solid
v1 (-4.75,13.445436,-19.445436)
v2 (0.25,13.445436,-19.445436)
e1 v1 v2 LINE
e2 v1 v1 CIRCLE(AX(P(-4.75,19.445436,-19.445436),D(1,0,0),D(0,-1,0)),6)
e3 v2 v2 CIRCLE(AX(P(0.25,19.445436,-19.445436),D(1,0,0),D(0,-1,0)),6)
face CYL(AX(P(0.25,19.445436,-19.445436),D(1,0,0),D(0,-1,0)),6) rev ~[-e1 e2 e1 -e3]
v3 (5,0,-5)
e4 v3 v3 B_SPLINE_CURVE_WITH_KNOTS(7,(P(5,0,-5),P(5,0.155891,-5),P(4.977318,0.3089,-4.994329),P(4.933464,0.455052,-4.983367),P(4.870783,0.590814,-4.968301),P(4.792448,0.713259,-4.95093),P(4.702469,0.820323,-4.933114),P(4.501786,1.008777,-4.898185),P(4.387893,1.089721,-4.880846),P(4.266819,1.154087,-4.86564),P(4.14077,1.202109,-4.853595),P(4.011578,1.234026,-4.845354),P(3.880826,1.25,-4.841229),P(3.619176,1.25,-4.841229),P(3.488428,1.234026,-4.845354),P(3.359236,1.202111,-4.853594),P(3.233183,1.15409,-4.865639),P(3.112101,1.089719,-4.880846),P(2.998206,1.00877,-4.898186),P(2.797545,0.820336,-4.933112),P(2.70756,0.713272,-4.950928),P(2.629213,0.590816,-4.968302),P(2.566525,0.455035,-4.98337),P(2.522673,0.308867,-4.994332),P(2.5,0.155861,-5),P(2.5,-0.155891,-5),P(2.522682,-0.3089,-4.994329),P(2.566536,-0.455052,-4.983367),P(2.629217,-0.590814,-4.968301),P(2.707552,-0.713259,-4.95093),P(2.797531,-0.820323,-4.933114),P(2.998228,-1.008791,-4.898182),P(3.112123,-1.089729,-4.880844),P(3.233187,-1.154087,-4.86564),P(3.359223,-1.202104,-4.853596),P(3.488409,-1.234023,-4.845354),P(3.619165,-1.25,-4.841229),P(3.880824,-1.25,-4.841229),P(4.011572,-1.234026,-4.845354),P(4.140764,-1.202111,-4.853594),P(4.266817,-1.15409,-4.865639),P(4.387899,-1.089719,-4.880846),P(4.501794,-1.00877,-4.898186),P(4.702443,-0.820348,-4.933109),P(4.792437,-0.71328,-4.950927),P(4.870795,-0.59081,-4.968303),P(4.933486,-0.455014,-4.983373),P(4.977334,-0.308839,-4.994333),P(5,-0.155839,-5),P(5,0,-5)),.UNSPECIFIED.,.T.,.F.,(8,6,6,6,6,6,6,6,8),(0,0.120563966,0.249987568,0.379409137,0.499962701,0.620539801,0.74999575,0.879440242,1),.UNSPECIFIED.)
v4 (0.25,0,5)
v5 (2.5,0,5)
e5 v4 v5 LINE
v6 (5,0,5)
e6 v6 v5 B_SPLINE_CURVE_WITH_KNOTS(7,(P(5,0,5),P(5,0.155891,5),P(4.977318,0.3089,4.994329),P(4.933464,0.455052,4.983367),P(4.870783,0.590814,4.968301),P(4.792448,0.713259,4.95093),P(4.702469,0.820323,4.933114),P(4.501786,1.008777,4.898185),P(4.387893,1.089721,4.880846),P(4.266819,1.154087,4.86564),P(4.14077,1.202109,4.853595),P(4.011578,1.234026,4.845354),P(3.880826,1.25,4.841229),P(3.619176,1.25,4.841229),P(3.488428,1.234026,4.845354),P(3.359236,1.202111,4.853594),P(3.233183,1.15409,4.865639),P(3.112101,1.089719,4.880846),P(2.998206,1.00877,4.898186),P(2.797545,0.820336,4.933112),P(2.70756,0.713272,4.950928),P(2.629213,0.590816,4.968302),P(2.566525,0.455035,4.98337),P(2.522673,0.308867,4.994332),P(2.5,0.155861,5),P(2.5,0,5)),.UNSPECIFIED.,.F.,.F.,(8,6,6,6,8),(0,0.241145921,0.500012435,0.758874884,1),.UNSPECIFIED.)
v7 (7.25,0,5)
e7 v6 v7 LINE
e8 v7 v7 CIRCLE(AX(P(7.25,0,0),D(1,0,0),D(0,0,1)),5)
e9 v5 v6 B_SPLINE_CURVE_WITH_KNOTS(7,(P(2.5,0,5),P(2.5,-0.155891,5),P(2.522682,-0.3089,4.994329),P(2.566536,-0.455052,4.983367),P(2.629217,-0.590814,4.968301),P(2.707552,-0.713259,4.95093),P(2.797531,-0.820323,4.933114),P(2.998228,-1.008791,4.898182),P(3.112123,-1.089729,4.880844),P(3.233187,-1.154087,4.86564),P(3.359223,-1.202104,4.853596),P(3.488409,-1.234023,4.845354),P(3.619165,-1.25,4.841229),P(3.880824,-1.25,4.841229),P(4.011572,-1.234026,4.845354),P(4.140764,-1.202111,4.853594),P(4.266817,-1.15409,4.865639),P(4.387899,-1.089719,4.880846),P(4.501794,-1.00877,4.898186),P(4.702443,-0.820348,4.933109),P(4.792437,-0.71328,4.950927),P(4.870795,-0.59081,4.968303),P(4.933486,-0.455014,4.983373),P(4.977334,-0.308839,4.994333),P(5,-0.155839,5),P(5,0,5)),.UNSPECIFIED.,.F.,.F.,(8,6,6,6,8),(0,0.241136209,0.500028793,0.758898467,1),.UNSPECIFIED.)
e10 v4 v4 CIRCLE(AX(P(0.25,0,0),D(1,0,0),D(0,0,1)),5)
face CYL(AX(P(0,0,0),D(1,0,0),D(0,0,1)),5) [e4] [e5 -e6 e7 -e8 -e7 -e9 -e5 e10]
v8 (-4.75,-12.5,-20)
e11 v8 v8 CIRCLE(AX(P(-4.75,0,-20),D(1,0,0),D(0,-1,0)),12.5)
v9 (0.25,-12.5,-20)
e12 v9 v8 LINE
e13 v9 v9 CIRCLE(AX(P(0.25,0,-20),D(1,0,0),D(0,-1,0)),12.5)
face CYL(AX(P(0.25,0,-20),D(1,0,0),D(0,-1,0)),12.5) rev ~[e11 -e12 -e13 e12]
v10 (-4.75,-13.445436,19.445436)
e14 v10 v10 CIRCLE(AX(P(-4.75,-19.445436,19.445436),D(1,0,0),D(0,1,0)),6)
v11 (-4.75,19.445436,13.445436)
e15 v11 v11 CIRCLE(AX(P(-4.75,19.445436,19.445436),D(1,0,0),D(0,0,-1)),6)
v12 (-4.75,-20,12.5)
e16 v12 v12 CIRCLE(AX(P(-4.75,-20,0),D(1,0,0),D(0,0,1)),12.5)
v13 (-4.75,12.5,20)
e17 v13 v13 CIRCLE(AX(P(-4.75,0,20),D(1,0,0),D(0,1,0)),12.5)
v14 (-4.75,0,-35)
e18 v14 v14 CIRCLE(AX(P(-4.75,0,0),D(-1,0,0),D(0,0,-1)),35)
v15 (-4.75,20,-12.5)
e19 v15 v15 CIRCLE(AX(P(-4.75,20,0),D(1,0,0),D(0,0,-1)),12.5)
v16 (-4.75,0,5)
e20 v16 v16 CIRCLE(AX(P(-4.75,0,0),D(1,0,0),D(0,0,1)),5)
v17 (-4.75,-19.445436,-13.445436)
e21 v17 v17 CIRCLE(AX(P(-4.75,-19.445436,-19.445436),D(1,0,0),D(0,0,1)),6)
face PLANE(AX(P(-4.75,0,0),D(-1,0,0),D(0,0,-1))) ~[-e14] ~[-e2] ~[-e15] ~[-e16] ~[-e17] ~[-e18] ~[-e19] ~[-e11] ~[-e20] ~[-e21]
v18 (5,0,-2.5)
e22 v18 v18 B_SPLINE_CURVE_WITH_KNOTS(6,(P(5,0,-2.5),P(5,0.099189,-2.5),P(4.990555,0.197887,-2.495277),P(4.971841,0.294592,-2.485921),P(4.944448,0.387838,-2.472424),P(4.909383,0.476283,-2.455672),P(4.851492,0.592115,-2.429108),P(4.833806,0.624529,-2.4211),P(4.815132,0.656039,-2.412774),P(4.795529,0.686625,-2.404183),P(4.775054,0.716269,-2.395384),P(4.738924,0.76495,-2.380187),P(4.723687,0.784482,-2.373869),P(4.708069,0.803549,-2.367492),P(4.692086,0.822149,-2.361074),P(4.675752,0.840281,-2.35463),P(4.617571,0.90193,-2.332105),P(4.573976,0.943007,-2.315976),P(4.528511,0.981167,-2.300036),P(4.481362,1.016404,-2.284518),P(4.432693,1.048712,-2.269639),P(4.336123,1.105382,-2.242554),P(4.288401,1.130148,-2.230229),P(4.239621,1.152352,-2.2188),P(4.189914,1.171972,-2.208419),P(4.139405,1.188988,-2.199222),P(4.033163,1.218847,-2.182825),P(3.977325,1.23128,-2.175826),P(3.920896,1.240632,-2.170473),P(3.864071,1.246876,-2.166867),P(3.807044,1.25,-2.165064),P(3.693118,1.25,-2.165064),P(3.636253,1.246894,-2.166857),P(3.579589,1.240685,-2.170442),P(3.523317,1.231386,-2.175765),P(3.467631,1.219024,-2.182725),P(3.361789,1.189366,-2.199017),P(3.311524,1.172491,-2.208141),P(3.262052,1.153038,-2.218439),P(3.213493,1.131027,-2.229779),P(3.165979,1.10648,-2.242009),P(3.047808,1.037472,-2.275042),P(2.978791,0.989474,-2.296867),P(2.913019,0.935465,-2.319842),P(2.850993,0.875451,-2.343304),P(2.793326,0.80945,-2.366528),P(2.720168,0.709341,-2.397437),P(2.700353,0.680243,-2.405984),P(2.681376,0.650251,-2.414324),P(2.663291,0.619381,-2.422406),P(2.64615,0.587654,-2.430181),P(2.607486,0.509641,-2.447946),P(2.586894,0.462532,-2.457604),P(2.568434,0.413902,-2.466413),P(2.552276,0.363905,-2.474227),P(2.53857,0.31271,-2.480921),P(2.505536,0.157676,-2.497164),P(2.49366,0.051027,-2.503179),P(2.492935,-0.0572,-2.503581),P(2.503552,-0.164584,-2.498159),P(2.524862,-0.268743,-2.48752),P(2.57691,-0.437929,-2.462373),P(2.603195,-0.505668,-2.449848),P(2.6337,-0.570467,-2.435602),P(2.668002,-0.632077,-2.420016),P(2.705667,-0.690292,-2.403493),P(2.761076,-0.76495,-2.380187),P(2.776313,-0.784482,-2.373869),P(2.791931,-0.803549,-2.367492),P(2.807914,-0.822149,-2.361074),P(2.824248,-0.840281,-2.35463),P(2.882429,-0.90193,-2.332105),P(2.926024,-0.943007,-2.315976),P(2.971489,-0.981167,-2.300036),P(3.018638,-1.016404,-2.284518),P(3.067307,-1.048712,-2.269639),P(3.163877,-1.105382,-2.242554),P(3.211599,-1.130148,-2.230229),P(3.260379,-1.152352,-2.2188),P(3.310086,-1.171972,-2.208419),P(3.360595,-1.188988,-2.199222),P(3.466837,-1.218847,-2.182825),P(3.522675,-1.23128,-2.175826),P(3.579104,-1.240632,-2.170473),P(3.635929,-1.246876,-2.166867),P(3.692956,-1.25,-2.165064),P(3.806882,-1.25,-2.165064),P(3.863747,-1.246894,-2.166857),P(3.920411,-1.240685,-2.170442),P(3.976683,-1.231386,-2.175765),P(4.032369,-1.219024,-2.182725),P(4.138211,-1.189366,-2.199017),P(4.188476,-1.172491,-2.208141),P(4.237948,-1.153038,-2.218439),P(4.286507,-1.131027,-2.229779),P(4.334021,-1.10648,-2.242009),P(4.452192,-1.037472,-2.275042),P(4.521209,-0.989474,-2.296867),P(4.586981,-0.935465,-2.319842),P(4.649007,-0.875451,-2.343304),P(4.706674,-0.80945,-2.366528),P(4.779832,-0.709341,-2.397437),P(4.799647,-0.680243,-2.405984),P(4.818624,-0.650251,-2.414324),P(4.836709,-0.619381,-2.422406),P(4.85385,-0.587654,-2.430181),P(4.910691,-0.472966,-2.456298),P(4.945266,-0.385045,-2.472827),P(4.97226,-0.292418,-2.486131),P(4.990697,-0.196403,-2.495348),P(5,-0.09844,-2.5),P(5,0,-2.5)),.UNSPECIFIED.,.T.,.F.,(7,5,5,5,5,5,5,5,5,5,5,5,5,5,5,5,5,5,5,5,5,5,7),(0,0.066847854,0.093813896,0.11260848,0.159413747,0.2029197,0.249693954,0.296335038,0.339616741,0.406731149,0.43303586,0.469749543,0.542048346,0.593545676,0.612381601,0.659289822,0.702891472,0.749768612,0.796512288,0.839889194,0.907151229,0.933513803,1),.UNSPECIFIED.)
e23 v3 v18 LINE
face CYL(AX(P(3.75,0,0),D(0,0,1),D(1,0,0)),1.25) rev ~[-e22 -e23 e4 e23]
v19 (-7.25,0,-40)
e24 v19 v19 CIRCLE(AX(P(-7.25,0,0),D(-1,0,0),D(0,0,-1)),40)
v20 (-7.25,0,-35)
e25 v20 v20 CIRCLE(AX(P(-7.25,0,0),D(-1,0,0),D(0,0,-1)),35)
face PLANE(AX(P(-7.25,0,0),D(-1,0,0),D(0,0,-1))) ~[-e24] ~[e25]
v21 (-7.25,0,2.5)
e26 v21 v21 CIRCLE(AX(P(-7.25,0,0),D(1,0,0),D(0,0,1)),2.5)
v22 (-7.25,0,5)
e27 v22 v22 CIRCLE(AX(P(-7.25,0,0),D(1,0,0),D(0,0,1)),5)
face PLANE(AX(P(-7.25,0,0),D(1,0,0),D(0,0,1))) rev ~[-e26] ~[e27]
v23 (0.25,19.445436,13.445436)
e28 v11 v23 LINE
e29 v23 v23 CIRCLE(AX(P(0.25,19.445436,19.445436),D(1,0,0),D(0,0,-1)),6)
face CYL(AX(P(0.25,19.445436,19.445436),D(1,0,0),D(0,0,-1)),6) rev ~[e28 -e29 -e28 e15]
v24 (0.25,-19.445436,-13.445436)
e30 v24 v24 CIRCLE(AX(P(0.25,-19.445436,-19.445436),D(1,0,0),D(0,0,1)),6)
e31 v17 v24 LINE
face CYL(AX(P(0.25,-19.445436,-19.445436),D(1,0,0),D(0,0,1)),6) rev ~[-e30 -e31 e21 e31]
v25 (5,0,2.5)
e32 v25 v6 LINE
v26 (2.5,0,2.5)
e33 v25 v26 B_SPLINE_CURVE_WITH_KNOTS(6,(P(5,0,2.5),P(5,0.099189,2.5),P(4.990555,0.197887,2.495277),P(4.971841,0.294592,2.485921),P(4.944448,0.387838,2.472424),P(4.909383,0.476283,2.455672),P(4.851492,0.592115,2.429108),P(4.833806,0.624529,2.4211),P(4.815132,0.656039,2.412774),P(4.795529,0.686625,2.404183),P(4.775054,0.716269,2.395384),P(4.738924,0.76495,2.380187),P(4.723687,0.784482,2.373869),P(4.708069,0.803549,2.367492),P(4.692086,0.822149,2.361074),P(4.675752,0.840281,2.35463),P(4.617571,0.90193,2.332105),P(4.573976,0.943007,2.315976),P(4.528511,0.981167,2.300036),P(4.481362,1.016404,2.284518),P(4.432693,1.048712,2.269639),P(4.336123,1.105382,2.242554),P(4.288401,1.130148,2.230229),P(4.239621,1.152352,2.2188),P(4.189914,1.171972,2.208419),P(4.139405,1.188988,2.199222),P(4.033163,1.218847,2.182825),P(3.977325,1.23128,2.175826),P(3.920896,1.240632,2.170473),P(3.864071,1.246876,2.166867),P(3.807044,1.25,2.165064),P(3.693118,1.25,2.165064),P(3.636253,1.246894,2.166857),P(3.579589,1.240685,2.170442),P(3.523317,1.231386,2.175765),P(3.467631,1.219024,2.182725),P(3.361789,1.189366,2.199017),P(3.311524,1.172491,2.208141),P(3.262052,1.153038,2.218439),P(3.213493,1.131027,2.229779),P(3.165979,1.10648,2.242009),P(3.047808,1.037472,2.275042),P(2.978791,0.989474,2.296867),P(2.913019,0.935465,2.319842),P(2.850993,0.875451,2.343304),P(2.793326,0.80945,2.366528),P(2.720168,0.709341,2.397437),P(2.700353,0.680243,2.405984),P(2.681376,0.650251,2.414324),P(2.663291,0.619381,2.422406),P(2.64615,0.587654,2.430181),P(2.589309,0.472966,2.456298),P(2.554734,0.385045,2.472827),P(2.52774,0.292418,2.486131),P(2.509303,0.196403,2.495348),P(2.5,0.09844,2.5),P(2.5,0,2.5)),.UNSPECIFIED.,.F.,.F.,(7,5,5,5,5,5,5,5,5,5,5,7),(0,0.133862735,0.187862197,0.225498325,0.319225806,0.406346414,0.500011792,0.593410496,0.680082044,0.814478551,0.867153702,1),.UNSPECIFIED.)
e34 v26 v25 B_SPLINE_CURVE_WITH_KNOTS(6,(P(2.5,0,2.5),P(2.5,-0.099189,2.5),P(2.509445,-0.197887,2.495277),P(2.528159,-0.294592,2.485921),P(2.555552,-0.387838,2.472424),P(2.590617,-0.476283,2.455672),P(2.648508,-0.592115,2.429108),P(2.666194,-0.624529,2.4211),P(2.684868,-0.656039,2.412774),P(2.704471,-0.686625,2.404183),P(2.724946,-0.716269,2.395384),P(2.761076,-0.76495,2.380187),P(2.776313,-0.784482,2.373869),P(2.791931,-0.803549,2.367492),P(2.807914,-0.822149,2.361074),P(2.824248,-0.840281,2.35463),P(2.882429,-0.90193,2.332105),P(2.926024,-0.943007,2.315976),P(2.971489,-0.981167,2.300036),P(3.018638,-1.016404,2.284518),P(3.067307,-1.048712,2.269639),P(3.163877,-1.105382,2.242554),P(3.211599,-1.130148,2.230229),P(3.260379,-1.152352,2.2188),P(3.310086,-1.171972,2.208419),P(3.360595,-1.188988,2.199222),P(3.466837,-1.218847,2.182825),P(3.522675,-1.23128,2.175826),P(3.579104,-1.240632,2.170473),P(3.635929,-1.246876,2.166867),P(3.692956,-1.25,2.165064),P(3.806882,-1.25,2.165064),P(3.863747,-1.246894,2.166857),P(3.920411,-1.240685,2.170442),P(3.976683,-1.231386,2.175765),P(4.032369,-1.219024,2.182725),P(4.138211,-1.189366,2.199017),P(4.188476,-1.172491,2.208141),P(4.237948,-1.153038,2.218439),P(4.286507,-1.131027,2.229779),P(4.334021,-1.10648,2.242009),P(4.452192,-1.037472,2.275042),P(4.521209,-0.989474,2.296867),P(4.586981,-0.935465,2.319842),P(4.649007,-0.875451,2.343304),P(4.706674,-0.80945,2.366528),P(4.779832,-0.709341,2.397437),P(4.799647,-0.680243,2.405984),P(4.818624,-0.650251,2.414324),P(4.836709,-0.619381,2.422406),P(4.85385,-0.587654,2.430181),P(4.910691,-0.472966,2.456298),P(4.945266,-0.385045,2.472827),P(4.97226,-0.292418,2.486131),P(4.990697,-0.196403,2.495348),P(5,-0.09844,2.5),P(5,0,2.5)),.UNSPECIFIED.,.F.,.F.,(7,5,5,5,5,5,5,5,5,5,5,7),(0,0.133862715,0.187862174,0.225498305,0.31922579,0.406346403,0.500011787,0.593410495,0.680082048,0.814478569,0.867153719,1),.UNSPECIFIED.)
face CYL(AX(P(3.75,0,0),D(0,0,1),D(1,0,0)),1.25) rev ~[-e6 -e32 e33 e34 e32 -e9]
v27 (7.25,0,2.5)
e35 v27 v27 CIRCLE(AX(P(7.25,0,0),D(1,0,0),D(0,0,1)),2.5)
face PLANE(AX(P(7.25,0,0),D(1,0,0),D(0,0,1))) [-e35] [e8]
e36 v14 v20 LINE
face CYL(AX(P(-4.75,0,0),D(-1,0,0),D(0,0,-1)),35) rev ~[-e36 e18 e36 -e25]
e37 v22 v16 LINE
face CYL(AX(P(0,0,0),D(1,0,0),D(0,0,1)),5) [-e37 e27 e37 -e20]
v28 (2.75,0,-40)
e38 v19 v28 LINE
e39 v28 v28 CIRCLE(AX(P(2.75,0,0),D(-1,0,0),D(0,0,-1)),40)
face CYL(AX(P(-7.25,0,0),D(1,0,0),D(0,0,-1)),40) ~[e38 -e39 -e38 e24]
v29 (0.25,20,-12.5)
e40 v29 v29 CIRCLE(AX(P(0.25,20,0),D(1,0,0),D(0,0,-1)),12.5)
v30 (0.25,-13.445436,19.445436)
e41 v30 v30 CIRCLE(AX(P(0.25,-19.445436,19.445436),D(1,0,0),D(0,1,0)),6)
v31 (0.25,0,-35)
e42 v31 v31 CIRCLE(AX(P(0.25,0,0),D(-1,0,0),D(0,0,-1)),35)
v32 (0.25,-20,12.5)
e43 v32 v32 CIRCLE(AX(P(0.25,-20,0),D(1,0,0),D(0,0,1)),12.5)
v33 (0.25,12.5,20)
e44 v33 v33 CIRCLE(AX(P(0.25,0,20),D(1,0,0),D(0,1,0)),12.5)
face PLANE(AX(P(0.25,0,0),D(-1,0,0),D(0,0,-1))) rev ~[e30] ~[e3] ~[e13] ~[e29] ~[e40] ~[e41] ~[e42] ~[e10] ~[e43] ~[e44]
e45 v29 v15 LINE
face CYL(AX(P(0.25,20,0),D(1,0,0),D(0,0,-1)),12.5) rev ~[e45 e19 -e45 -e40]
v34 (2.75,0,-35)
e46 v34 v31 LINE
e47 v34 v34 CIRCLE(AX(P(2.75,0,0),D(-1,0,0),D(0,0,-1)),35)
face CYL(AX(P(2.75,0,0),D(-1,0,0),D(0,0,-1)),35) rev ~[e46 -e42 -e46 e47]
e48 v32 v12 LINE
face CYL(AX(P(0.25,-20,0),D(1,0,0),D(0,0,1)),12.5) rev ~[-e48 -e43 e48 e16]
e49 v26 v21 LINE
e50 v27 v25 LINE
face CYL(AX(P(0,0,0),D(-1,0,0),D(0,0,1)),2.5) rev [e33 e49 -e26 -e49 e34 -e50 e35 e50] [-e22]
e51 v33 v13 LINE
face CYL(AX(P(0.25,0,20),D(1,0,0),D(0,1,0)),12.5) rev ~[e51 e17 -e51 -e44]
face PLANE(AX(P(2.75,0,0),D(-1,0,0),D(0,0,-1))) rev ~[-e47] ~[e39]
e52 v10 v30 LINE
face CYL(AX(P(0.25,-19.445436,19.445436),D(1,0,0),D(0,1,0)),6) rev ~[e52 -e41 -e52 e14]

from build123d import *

# Parameters (mm, degrees)
SKETCH1_R           = 5
SKETCH1_R_2         = 2.5
BOSS_EXTRUDE1_DEPTH = 7.25
SKETCH5_R           = 12.5
SKETCH5_R_2         = 6
CUT_EXTRUDE1_DEPTH  = 58.063561053
CIRPATTERN1_COUNT   = 4
SKETCH6_R           = 1.25
CUT_EXTRUDE2_DEPTH  = 10


with BuildPart() as part:
    # Sketch1 → Boss-Extrude1 (new, symmetric)
    with BuildSketch(Plane(origin=(0, 0, 0), x_dir=(0, 0, -1), z_dir=(1, 0, 0))):
        with Locations(Location((0, 0, 0), (0, 0, 180))):
            Circle(SKETCH1_R)
        with Locations(Location((0, 0, 0), (0, 0, 180))):
            Circle(SKETCH1_R_2, mode=Mode.SUBTRACT)
    extrude(amount=BOSS_EXTRUDE1_DEPTH, both=True)

    # Sketch4 → Revolve4 (revolve)
    with BuildSketch(Plane.XY, mode=Mode.PRIVATE) as revolve4_sk:
        Polygon((-4.75, 5), (-4.75, 35), (-7.25, 35), (-7.25, 40), (2.75, 40), (2.75, 35), (0.25, 35), (0.25, 5), align=None)
    revolve(revolve4_sk.sketch.rotate(Axis((0, 0, 0), (-1, 0, 0)), 90), axis=Axis((0, 0, 0), (-1, 0, 0)))

    # Sketch5 → Cut-Extrude1 (cut, symmetric)
    with BuildSketch(Plane(origin=(0.25, 0, 0), x_dir=(0, 0, -1), z_dir=(1, 0, 0))):
        with Locations((0, 20)):
            Circle(SKETCH5_R)
        with Locations((-19.445436483, 19.445436483)):
            Circle(SKETCH5_R_2)
    cut_extrude1 = extrude(amount=CUT_EXTRUDE1_DEPTH, both=True, mode=Mode.SUBTRACT)

    # CirPattern1: Cut-Extrude1 ×4 about axis
    cirpattern1_axis = Axis((0, 0, 0), (1, 0, 0))
    for i in range(1, CIRPATTERN1_COUNT):
        add(cut_extrude1.rotate(cirpattern1_axis, i * 360 / CIRPATTERN1_COUNT), mode=Mode.SUBTRACT)

    # Sketch6 → Cut-Extrude2 (cut, symmetric)
    with BuildSketch(Plane.XY):
        with Locations((3.75, 0)):
            Circle(SKETCH6_R)
    extrude(amount=CUT_EXTRUDE2_DEPTH, both=True, mode=Mode.SUBTRACT)


solid = part.part
